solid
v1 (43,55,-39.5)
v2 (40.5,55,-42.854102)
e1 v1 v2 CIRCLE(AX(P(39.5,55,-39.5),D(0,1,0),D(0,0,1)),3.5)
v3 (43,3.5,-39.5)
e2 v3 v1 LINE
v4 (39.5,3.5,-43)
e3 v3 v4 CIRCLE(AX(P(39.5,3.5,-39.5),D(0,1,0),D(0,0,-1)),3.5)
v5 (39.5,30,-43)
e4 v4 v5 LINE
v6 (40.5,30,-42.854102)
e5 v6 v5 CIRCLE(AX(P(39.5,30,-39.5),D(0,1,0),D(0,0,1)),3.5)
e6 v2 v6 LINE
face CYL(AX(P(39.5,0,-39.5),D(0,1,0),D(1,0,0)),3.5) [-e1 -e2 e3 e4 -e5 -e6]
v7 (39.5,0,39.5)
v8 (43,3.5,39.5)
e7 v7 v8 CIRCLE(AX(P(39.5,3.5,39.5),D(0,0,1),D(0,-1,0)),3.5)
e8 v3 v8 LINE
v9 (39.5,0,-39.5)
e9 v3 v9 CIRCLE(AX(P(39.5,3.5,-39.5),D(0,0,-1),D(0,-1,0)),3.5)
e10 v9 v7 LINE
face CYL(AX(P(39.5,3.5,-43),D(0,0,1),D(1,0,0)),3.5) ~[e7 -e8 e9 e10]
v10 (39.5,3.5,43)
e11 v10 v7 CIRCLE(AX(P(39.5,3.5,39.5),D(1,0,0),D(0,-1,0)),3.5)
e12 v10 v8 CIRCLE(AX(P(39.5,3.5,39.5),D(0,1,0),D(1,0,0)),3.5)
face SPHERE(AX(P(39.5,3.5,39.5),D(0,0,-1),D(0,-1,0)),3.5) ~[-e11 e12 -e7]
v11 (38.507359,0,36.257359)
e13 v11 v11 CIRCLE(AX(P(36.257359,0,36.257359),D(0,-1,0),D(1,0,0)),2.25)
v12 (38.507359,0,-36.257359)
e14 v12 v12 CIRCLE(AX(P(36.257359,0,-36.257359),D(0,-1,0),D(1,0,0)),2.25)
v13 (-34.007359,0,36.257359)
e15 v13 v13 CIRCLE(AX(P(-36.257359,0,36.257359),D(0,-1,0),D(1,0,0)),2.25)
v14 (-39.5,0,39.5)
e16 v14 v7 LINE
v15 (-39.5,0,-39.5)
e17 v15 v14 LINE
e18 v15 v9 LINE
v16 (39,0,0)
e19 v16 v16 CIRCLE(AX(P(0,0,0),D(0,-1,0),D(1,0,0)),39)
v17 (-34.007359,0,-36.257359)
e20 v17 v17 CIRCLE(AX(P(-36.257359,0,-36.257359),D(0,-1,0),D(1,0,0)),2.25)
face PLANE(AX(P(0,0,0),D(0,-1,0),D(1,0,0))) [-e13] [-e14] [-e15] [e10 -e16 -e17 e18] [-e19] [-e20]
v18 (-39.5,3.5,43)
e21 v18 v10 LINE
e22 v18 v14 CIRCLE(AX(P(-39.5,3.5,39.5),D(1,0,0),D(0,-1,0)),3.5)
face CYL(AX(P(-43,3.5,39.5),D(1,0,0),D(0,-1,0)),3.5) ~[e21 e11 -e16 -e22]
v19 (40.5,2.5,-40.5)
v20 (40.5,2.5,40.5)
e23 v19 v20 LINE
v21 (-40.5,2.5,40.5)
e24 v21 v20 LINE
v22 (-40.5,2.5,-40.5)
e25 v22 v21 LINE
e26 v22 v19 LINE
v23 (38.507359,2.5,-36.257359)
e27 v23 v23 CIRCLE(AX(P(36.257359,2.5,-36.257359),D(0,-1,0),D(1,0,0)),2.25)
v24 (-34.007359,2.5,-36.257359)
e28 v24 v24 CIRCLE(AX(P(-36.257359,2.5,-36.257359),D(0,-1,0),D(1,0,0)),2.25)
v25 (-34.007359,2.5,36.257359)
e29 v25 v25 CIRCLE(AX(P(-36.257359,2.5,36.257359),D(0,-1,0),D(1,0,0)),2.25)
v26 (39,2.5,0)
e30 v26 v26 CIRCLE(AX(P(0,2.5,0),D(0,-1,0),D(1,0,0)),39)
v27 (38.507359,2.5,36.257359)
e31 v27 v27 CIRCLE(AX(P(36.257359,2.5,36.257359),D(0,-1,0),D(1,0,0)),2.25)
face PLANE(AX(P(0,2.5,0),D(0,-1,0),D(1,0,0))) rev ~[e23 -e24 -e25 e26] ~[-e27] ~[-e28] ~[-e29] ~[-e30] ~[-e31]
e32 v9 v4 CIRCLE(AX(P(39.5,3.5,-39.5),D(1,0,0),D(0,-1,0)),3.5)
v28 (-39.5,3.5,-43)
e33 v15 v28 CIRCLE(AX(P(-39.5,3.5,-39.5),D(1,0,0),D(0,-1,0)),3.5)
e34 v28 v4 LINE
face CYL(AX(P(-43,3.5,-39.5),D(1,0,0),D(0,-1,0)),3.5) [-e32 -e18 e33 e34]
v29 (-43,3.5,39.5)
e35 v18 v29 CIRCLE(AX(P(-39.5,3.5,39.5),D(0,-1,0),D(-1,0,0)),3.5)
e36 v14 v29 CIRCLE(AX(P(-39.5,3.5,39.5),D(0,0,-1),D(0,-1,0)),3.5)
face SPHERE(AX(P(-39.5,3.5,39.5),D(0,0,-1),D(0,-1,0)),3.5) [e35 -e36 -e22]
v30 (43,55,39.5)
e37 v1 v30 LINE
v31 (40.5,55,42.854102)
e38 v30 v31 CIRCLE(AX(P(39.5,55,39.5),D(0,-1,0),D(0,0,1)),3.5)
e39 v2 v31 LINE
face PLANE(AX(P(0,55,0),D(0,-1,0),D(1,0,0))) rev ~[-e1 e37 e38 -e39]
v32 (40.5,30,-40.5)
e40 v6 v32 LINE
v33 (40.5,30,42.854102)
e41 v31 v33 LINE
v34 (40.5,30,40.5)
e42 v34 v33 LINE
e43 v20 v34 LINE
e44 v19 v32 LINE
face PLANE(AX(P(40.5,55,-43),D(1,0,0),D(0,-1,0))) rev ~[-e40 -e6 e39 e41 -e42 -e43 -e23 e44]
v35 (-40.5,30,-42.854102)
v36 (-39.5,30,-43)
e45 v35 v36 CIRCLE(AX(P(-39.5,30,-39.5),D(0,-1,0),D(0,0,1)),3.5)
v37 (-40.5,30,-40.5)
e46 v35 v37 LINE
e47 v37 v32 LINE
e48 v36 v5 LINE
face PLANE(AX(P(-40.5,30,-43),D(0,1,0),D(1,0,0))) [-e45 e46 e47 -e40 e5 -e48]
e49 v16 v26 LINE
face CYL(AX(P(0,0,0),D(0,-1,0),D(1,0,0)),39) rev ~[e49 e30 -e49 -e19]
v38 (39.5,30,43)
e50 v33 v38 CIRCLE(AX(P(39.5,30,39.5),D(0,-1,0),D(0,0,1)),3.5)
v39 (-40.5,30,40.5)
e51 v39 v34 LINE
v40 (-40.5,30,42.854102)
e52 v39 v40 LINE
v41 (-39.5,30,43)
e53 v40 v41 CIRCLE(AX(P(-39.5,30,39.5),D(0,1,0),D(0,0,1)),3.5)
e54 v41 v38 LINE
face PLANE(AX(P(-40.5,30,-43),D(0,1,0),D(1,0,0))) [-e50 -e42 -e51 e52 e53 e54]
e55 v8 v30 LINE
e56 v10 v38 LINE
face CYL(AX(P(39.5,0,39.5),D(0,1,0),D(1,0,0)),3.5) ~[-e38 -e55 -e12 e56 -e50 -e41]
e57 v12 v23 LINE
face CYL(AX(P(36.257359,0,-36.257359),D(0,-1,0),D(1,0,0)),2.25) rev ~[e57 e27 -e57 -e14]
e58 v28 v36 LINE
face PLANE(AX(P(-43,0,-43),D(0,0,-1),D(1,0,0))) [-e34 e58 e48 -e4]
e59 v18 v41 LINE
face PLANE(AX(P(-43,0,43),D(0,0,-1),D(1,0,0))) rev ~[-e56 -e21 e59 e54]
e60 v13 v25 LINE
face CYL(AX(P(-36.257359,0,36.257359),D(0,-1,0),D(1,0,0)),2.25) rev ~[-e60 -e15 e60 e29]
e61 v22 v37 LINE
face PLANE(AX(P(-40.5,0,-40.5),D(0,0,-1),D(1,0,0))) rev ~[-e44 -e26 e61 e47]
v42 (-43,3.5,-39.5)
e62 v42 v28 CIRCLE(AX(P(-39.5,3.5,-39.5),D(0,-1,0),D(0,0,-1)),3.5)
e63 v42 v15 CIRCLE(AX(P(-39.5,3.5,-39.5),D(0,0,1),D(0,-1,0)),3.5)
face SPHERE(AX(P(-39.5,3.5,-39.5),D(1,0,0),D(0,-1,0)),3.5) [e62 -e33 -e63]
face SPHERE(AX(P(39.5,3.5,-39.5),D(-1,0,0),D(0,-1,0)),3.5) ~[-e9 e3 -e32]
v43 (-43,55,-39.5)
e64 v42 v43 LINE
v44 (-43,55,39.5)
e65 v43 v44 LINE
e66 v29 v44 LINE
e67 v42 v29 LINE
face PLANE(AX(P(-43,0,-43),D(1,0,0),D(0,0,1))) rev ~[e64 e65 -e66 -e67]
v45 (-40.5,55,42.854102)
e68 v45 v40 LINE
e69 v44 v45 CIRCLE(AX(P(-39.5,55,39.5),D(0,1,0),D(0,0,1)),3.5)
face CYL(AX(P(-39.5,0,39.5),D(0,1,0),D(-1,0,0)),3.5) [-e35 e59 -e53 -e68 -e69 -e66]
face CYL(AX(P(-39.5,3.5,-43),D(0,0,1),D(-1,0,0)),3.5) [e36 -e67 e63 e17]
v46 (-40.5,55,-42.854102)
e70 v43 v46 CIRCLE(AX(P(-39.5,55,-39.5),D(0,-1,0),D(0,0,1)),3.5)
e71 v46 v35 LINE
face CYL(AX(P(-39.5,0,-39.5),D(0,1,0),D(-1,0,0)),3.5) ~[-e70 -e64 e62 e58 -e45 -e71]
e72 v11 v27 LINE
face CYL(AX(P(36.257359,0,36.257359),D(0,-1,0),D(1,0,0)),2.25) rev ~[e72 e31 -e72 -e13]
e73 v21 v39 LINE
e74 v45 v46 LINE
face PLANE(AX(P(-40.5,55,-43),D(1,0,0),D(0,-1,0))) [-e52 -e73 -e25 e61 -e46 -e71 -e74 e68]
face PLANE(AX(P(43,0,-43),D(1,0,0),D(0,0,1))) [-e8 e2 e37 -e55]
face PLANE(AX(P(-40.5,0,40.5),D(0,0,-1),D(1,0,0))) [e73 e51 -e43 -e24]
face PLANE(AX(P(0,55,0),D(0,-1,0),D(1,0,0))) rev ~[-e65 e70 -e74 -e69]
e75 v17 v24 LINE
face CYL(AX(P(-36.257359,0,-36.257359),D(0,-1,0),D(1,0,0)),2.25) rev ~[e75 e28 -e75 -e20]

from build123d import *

# Parameters (mm, degrees)
F0_W     = 81
F0_H     = 81
F0_R     = 2.25
F0_R_2   = 39
F1_DEPTH = 2.5
F0_W_2   = 86
F0_H_2   = 86
F2_DEPTH = 55
F3_W     = 81
F3_H     = 25
F4_DEPTH = 100
F5_R     = 3.5


with BuildPart() as f1:
    # F0 (on Front) → F1 (new body)
    with BuildSketch(Plane.XZ):
        Rectangle(F0_W, F0_H)
        with Locations((-36.257359, -36.257359)):
            Circle(F0_R, mode=Mode.SUBTRACT)
        with Locations((36.257359, -36.257359)):
            Circle(F0_R, mode=Mode.SUBTRACT)
        with Locations((-36.257359, 36.257359)):
            Circle(F0_R, mode=Mode.SUBTRACT)
        Circle(F0_R_2, mode=Mode.SUBTRACT)
        with Locations((36.257359, 36.257359)):
            Circle(F0_R, mode=Mode.SUBTRACT)
    extrude(amount=-F1_DEPTH)

    # F0 (on Front) → F2 (join)
    with BuildSketch(Plane.XZ):
        Rectangle(F0_W_2, F0_H_2)
        Rectangle(F0_W, F0_H, mode=Mode.SUBTRACT)
    extrude(amount=-F2_DEPTH)

    # F3 (on face) → F4 (cut)
    with BuildSketch(Plane(origin=(0, 0, -43), x_dir=(1, 0, 0), z_dir=(0, 0, -1))):
        with Locations((0, -42.5)):
            Rectangle(F3_W, F3_H)
    extrude(amount=-F4_DEPTH, mode=Mode.SUBTRACT)

    # F5
    f5_edges = [f1.edges().sort_by_distance(p)[0] for p in [
        (0, 0, -43),
        (-43, 0, 0),
        (43, 0, 0),
        (0, 0, 43),
        (-43, 27.5, 43),
        (-43, 27.5, -43),
        (43, 27.5, -43),
        (43, 27.5, 43),
    ]]
    fillet(f5_edges, radius=F5_R)


solid = f1.part
